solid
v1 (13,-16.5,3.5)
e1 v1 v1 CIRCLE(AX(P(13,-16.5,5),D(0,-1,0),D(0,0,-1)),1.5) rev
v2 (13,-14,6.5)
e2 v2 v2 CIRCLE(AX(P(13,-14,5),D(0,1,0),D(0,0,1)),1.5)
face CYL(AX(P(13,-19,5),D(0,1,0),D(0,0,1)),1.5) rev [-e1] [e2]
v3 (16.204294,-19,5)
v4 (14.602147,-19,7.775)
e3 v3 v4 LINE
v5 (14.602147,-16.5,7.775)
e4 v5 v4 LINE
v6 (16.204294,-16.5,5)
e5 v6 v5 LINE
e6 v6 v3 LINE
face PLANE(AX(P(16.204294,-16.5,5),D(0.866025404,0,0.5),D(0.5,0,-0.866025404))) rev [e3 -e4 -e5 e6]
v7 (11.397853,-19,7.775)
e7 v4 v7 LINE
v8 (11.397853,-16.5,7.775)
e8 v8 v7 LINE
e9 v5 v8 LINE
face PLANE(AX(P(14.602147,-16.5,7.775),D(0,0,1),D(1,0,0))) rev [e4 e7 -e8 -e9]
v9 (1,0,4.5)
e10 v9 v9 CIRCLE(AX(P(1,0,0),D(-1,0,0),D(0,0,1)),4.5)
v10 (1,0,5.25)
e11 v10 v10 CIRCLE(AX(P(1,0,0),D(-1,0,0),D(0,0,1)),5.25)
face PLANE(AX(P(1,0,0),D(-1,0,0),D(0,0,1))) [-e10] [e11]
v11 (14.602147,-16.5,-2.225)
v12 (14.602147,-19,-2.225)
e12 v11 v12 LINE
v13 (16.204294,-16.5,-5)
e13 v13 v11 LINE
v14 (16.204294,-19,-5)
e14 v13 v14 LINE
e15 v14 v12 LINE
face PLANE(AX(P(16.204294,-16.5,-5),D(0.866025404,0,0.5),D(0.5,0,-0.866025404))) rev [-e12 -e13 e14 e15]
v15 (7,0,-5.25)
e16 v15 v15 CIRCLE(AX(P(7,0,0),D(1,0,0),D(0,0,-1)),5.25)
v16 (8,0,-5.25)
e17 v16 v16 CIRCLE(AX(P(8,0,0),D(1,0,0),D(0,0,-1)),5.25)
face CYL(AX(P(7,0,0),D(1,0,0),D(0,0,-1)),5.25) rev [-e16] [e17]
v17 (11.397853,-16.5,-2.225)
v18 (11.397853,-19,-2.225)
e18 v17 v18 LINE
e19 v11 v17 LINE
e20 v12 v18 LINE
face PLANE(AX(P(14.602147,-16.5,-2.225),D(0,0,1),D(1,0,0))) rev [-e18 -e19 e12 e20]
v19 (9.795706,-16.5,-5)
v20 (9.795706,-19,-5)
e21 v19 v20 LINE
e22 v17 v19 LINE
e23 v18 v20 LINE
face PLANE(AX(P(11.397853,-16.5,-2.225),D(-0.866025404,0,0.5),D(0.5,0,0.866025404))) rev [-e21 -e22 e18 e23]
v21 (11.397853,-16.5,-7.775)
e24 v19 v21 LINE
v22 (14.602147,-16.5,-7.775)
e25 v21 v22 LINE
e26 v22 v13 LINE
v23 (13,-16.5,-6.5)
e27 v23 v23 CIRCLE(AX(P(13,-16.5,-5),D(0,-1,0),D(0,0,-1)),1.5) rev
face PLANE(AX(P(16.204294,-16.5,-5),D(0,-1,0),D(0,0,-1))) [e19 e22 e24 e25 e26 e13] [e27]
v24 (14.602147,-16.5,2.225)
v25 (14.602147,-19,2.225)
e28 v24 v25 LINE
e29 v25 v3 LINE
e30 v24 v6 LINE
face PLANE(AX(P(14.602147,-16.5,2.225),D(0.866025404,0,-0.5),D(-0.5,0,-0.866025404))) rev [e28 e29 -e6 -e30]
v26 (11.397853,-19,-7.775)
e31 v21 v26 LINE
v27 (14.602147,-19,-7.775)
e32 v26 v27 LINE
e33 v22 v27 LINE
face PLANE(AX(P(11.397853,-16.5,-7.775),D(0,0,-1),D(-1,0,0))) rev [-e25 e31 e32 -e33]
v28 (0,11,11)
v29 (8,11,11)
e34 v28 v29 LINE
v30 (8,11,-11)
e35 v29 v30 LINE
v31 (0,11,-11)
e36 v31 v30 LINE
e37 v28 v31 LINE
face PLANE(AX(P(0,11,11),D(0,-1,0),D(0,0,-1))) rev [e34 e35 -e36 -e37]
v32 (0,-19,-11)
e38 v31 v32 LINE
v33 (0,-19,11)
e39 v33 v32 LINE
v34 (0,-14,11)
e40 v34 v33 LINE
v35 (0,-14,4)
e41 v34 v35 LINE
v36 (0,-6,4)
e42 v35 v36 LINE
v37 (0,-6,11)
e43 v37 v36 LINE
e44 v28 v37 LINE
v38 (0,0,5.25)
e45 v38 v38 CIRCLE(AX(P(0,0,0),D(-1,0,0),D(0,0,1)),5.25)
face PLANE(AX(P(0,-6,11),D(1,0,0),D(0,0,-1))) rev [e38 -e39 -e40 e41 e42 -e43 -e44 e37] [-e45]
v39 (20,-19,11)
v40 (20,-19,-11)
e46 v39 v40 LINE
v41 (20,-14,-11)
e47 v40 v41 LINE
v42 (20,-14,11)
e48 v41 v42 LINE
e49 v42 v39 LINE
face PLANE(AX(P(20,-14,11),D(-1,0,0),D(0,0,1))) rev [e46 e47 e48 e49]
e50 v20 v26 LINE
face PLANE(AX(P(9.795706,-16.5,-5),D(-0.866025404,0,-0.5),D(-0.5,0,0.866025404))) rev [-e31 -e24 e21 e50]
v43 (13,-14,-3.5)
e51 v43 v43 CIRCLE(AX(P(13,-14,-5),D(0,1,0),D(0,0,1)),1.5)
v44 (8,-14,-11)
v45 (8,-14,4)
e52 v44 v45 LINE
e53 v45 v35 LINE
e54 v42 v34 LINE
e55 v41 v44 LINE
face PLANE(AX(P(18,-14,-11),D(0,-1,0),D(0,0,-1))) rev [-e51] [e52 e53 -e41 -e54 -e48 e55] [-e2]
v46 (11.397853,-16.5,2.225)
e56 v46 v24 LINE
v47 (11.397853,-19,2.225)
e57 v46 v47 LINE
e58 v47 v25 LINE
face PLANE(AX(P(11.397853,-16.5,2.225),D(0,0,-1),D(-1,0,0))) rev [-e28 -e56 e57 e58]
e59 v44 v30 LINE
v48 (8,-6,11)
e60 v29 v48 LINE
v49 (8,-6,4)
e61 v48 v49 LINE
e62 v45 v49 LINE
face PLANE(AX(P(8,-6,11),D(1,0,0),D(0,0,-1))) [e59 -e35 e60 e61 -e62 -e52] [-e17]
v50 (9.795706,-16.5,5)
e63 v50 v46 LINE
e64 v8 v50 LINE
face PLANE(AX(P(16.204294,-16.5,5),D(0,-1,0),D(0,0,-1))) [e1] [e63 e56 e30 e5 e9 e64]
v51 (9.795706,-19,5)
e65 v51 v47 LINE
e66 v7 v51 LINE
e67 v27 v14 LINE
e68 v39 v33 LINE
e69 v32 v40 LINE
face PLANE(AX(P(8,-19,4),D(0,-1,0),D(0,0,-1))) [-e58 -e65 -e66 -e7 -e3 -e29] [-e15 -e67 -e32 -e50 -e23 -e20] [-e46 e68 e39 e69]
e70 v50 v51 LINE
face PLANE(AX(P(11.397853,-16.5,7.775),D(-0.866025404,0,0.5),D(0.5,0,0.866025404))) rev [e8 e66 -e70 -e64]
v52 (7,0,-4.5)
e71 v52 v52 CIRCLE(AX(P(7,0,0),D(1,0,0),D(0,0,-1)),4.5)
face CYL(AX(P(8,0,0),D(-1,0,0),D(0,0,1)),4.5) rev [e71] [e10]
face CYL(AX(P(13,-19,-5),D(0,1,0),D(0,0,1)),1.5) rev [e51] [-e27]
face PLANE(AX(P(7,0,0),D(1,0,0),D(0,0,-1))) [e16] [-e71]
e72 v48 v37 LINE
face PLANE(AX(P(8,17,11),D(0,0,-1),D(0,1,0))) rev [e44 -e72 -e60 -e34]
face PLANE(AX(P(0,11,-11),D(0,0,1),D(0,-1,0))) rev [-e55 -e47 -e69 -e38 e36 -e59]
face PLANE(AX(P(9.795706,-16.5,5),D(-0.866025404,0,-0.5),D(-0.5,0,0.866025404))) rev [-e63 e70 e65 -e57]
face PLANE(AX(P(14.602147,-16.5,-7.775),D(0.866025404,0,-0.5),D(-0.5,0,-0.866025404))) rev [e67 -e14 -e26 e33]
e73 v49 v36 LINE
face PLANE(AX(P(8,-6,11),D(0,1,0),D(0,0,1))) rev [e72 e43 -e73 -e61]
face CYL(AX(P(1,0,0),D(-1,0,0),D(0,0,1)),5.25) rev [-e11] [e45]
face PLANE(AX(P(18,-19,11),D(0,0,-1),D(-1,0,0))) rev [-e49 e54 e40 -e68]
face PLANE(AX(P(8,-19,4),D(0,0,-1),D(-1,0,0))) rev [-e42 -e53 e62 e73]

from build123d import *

# Parameters (mm, degrees)
SKETCH_1_W               = 40
SKETCH_1_H               = 23
SKETCH_1_R               = 4.5
EXTRUDE_1_DEPTH          = 8
SKETCH_2_R               = 5.25
CUT_EXTRUDE_1_DEPTH      = 1
CUT_EXTRUDE_2_DEPTH      = 9
SKETCH_5_R               = 5.25
CUT_EXTRUDE_3_DEPTH      = 1
SKETCH_6_W               = 22
SKETCH_6_H               = 5
EXTRUDE_3_DEPTH          = 6
SKETCH_7_W               = 11
SKETCH_7_H               = 4
EXTRUDE_4_DEPTH          = 4
EXTRUDE_6_DEPTH          = 3
SKETCH_12_W              = 8
SKETCH_12_H              = 15
EXTRUDE_7_DEPTH          = 13
SKETCH_13_W              = 22
SKETCH_13_H              = 5
EXTRUDE_8_DEPTH          = 10
SKETCH_14_W              = 6
SKETCH_14_H              = 22
CUT_EXTRUDE_9_DEPTH      = 13
CUT_EXTRUDE_9_DEPTH_BACK = 10
SKETCH_15_R              = 1.5
CUT_EXTRUDE_10_DEPTH     = 6
CUT_EXTRUDE_11_DEPTH     = 2.5
SKETCH_17_W              = 22
SKETCH_17_H              = 5
EXTRUDE_9_DEPTH          = 2
SKETCH_18_W              = 8
SKETCH_18_H              = 5
EXTRUDE_10_DEPTH         = 7


with BuildPart() as part:
    # 草图1 → 凸台-拉伸1 (new body)
    with BuildSketch(Plane(origin=(0, 0, 0), x_dir=(0, 0, -1), z_dir=(1, 0, 0))):
        with Locations((9, 5.5)):
            Rectangle(SKETCH_1_W, SKETCH_1_H)
        Circle(SKETCH_1_R, mode=Mode.SUBTRACT)
        with Locations((18, 6)):
            Circle(SKETCH_1_R, mode=Mode.SUBTRACT)
    extrude(amount=EXTRUDE_1_DEPTH)

    # 草图2 → 切除-拉伸1 (cut)
    with BuildSketch(Plane.ZY):
        with Locations((-18, 6)):
            Circle(SKETCH_2_R)
        Circle(SKETCH_2_R)
    extrude(amount=-CUT_EXTRUDE_1_DEPTH, mode=Mode.SUBTRACT)

    # 草图3 → 切除-拉伸2 (cut, through all)
    with BuildSketch(Plane(origin=(8, 0, 0), x_dir=(0, 0, -1), z_dir=(1, 0, 0))):
        Polygon((29, 17), (11, 17), (-11, 17), (-11, 11), (11, 11), (11, -6), (29, -6), align=None)
    extrude(amount=-CUT_EXTRUDE_2_DEPTH, mode=Mode.SUBTRACT)

    # 草图5 → 切除-拉伸3 (cut)
    with BuildSketch(Plane(origin=(8, 0, 0), x_dir=(0, 0, -1), z_dir=(1, 0, 0))):
        Circle(SKETCH_5_R)
    extrude(amount=-CUT_EXTRUDE_3_DEPTH, mode=Mode.SUBTRACT)

    # 草图6 → 凸台-拉伸3 (add)
    with BuildSketch(Plane(origin=(8, 0, 0), x_dir=(0, 0, -1), z_dir=(1, 0, 0))):
        with Locations((0, -3.5)):
            Rectangle(SKETCH_6_W, SKETCH_6_H)
    extrude(amount=EXTRUDE_3_DEPTH)

    # 草图7 → 凸台-拉伸4 (add)
    with BuildSketch(Plane.XZ.offset(6)):
        with Locations((8.5, -9)):
            Rectangle(SKETCH_7_W, SKETCH_7_H)
    extrude(amount=EXTRUDE_4_DEPTH)

    # 草图11 → 凸台-拉伸6 (add)
    with BuildSketch(Plane(origin=(0, 0, -11), x_dir=(-1, 0, 0), z_dir=(0, 0, -1))):
        Polygon((-8, -1), (-8, 11), (-14, -1), align=None)
    extrude(amount=-EXTRUDE_6_DEPTH)

    # 草图12 → 凸台-拉伸7 (add)
    with BuildSketch(Plane.XZ.offset(6)):
        with Locations((4, -3.5)):
            Rectangle(SKETCH_12_W, SKETCH_12_H)
    extrude(amount=EXTRUDE_7_DEPTH)

    # 草图13 → 凸台-拉伸8 (add)
    with BuildSketch(Plane(origin=(8, 0, 0), x_dir=(0, 0, -1), z_dir=(1, 0, 0))):
        with Locations((0, -16.5)):
            Rectangle(SKETCH_13_W, SKETCH_13_H)
    extrude(amount=EXTRUDE_8_DEPTH)

    # 草图14 → 切除-拉伸9 (cut, two sides)
    with BuildSketch(Plane(origin=(0, -1, 0), x_dir=(1, 0, 0), z_dir=(0, 1, 0))) as cut_extrude_9_sk:
        with Locations((11, 0)):
            Rectangle(SKETCH_14_W, SKETCH_14_H)
    extrude(amount=CUT_EXTRUDE_9_DEPTH, mode=Mode.SUBTRACT)
    extrude(cut_extrude_9_sk.sketch, amount=-CUT_EXTRUDE_9_DEPTH_BACK, mode=Mode.SUBTRACT)

    # 草图15 → 切除-拉伸10 (cut, through all)
    with BuildSketch(Plane(origin=(0, -14, 0), x_dir=(-1, 0, 0), z_dir=(0, 1, 0))):
        with Locations((-13, -5)):
            Circle(SKETCH_15_R)
        with Locations((-13, 5)):
            Circle(SKETCH_15_R)
    extrude(amount=-CUT_EXTRUDE_10_DEPTH, mode=Mode.SUBTRACT)

    # 草图16 → 切除-拉伸11 (cut)
    with BuildSketch(Plane.XZ.offset(19)):
        Polygon((16.204293994, 5), (14.602146997, 7.775), (11.397853003, 7.775), (9.795706006, 5), (11.397853003, 2.225), (14.602146997, 2.225), align=None)
        Polygon((16.204293994, -5), (14.602146997, -2.225), (11.397853003, -2.225), (9.795706006, -5), (11.397853003, -7.775), (14.602146997, -7.775), align=None)
    extrude(amount=-CUT_EXTRUDE_11_DEPTH, mode=Mode.SUBTRACT)

    # 草图17 → 凸台-拉伸9 (add)
    with BuildSketch(Plane(origin=(18, 0, 0), x_dir=(0, 0, -1), z_dir=(1, 0, 0))):
        with Locations((0, -16.5)):
            Rectangle(SKETCH_17_W, SKETCH_17_H)
    extrude(amount=EXTRUDE_9_DEPTH)

    # 草图18 → 凸台-拉伸10 (add, through all)
    with BuildSketch(Plane.XY.offset(4)):
        with Locations((4, -16.5)):
            Rectangle(SKETCH_18_W, SKETCH_18_H)
    extrude(amount=EXTRUDE_10_DEPTH)


solid = part.part
